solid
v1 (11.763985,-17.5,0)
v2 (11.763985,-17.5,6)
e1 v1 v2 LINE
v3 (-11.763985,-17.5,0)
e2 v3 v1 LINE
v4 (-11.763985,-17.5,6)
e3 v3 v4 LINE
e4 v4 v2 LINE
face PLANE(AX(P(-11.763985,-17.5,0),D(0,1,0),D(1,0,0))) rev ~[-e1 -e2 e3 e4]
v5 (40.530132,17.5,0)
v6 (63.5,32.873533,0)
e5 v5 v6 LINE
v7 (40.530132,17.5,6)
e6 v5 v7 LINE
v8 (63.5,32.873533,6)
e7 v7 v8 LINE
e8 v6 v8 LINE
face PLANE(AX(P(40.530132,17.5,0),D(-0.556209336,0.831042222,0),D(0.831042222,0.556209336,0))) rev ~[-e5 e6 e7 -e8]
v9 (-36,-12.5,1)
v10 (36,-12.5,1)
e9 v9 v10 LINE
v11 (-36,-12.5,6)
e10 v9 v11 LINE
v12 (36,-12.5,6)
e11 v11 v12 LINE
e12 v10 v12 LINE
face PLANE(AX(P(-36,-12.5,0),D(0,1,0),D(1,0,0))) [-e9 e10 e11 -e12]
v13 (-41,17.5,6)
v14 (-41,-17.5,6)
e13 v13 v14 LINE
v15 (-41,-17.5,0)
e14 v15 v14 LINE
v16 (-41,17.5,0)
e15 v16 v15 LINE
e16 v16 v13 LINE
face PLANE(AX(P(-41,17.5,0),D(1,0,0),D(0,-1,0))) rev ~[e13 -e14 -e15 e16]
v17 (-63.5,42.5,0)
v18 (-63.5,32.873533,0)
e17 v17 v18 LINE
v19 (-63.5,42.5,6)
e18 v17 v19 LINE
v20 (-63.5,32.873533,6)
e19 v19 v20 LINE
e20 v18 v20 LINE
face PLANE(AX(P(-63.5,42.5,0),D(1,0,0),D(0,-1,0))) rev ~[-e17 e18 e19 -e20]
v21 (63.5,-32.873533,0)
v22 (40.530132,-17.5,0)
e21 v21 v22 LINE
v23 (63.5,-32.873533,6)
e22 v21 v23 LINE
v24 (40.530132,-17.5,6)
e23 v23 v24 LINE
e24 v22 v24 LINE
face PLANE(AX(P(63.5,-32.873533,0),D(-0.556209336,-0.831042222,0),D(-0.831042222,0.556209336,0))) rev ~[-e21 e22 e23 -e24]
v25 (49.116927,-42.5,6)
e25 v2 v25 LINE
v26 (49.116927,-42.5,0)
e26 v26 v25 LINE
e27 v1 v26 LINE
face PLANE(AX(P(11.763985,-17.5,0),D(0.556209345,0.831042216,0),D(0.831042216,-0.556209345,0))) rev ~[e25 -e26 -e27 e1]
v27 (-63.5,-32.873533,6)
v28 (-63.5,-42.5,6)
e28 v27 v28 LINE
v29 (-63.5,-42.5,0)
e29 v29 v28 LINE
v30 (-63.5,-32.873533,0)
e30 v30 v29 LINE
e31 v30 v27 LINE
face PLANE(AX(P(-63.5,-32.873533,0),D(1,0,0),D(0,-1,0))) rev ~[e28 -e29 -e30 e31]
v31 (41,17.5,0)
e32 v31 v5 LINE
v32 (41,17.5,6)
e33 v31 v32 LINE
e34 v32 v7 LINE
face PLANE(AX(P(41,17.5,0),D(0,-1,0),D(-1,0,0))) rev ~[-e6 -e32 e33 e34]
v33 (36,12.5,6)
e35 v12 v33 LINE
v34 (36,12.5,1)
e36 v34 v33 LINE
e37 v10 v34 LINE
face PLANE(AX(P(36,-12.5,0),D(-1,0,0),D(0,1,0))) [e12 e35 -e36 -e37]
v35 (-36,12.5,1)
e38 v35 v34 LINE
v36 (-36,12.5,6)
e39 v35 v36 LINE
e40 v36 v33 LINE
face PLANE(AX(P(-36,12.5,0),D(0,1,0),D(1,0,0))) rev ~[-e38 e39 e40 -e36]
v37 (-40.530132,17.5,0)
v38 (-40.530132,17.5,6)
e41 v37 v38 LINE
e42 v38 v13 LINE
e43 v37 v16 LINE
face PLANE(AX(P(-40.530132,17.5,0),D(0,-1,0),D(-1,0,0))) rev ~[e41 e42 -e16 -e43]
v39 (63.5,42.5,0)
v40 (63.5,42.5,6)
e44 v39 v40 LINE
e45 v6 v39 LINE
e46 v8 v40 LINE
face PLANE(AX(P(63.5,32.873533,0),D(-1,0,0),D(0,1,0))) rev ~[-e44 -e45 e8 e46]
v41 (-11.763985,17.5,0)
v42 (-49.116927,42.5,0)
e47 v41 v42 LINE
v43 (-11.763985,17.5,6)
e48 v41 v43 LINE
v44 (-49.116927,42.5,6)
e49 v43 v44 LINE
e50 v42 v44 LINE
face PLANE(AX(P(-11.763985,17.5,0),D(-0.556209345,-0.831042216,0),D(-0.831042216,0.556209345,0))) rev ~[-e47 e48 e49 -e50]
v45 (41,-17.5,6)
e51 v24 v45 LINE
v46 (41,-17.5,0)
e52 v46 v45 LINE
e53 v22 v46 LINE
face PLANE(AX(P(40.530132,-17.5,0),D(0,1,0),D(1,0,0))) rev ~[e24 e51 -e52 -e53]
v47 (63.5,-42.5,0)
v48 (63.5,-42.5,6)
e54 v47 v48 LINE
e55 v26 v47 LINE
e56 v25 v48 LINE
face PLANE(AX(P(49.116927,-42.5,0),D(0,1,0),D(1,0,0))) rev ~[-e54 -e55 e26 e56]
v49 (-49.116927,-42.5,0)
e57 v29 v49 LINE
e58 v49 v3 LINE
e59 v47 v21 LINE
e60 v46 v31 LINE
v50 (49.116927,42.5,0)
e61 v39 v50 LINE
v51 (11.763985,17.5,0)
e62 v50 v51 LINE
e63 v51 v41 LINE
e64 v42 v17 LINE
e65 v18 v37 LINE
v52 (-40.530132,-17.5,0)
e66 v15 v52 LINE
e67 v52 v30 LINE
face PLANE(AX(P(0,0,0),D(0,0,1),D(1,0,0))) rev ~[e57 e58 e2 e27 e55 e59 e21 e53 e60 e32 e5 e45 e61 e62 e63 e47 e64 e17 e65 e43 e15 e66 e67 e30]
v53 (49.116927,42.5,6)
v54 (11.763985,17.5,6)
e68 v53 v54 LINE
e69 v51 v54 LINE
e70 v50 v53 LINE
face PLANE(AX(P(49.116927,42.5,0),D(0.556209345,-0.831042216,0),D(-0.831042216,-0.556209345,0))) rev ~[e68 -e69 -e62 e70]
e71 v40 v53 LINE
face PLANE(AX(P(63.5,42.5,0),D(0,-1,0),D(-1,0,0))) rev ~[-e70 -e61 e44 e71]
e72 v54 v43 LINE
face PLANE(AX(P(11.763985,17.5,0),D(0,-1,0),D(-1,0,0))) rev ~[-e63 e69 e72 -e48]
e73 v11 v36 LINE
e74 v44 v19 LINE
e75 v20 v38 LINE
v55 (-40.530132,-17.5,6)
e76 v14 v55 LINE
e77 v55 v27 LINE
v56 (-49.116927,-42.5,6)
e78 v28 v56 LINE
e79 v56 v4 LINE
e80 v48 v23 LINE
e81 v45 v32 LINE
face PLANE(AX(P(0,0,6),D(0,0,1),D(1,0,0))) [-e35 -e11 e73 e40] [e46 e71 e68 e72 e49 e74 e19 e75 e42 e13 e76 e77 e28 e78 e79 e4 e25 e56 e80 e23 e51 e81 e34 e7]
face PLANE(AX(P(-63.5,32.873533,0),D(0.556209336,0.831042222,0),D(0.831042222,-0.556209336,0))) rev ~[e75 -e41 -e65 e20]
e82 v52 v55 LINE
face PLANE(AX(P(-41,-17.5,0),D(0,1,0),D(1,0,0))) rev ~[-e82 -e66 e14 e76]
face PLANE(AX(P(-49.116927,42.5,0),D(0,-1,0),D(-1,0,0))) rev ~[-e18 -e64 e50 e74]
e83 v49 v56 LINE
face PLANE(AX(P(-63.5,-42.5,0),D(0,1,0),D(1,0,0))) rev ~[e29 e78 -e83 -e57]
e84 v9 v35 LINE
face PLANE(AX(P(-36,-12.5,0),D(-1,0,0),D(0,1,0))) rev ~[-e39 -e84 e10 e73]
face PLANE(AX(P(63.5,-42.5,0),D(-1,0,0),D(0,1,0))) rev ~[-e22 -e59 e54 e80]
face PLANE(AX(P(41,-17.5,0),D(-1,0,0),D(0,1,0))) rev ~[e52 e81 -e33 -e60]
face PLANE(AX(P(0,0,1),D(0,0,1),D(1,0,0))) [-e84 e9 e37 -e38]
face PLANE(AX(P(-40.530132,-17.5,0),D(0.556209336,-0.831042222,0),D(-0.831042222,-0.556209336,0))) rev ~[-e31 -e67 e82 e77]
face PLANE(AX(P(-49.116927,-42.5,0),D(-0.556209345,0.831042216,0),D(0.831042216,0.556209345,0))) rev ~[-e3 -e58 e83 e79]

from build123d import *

# Parameters (mm, degrees)
F0_W     = 72
F0_H     = 25
F1_DEPTH = 6
F2_DEPTH = 1


with BuildPart() as f1:
    # F0 (on Top) → F1 (new body)
    with BuildSketch(Plane.XY):
        Polygon((-49.116927, 42.5), (-63.5, 42.5), (-63.5, 32.873533), (-40.530132, 17.5), (-41, 17.5), (-41, -17.5), (-40.530132, -17.5), (-63.5, -32.873533), (-63.5, -42.5), (-49.116927, -42.5), (-11.763985, -17.5), (11.763985, -17.5), (49.116927, -42.5), (63.5, -42.5), (63.5, -32.873533), (40.530132, -17.5), (41, -17.5), (41, 17.5), (40.530132, 17.5), (63.5, 32.873533), (63.5, 42.5), (49.116927, 42.5), (11.763985, 17.5), (-11.763985, 17.5), align=None)
        Rectangle(F0_W, F0_H, mode=Mode.SUBTRACT)
    extrude(amount=F1_DEPTH)

    # F0 (on Top) → F2 (join)
    with BuildSketch(Plane.XY):
        Rectangle(F0_W, F0_H)
    extrude(amount=F2_DEPTH)


solid = f1.part
